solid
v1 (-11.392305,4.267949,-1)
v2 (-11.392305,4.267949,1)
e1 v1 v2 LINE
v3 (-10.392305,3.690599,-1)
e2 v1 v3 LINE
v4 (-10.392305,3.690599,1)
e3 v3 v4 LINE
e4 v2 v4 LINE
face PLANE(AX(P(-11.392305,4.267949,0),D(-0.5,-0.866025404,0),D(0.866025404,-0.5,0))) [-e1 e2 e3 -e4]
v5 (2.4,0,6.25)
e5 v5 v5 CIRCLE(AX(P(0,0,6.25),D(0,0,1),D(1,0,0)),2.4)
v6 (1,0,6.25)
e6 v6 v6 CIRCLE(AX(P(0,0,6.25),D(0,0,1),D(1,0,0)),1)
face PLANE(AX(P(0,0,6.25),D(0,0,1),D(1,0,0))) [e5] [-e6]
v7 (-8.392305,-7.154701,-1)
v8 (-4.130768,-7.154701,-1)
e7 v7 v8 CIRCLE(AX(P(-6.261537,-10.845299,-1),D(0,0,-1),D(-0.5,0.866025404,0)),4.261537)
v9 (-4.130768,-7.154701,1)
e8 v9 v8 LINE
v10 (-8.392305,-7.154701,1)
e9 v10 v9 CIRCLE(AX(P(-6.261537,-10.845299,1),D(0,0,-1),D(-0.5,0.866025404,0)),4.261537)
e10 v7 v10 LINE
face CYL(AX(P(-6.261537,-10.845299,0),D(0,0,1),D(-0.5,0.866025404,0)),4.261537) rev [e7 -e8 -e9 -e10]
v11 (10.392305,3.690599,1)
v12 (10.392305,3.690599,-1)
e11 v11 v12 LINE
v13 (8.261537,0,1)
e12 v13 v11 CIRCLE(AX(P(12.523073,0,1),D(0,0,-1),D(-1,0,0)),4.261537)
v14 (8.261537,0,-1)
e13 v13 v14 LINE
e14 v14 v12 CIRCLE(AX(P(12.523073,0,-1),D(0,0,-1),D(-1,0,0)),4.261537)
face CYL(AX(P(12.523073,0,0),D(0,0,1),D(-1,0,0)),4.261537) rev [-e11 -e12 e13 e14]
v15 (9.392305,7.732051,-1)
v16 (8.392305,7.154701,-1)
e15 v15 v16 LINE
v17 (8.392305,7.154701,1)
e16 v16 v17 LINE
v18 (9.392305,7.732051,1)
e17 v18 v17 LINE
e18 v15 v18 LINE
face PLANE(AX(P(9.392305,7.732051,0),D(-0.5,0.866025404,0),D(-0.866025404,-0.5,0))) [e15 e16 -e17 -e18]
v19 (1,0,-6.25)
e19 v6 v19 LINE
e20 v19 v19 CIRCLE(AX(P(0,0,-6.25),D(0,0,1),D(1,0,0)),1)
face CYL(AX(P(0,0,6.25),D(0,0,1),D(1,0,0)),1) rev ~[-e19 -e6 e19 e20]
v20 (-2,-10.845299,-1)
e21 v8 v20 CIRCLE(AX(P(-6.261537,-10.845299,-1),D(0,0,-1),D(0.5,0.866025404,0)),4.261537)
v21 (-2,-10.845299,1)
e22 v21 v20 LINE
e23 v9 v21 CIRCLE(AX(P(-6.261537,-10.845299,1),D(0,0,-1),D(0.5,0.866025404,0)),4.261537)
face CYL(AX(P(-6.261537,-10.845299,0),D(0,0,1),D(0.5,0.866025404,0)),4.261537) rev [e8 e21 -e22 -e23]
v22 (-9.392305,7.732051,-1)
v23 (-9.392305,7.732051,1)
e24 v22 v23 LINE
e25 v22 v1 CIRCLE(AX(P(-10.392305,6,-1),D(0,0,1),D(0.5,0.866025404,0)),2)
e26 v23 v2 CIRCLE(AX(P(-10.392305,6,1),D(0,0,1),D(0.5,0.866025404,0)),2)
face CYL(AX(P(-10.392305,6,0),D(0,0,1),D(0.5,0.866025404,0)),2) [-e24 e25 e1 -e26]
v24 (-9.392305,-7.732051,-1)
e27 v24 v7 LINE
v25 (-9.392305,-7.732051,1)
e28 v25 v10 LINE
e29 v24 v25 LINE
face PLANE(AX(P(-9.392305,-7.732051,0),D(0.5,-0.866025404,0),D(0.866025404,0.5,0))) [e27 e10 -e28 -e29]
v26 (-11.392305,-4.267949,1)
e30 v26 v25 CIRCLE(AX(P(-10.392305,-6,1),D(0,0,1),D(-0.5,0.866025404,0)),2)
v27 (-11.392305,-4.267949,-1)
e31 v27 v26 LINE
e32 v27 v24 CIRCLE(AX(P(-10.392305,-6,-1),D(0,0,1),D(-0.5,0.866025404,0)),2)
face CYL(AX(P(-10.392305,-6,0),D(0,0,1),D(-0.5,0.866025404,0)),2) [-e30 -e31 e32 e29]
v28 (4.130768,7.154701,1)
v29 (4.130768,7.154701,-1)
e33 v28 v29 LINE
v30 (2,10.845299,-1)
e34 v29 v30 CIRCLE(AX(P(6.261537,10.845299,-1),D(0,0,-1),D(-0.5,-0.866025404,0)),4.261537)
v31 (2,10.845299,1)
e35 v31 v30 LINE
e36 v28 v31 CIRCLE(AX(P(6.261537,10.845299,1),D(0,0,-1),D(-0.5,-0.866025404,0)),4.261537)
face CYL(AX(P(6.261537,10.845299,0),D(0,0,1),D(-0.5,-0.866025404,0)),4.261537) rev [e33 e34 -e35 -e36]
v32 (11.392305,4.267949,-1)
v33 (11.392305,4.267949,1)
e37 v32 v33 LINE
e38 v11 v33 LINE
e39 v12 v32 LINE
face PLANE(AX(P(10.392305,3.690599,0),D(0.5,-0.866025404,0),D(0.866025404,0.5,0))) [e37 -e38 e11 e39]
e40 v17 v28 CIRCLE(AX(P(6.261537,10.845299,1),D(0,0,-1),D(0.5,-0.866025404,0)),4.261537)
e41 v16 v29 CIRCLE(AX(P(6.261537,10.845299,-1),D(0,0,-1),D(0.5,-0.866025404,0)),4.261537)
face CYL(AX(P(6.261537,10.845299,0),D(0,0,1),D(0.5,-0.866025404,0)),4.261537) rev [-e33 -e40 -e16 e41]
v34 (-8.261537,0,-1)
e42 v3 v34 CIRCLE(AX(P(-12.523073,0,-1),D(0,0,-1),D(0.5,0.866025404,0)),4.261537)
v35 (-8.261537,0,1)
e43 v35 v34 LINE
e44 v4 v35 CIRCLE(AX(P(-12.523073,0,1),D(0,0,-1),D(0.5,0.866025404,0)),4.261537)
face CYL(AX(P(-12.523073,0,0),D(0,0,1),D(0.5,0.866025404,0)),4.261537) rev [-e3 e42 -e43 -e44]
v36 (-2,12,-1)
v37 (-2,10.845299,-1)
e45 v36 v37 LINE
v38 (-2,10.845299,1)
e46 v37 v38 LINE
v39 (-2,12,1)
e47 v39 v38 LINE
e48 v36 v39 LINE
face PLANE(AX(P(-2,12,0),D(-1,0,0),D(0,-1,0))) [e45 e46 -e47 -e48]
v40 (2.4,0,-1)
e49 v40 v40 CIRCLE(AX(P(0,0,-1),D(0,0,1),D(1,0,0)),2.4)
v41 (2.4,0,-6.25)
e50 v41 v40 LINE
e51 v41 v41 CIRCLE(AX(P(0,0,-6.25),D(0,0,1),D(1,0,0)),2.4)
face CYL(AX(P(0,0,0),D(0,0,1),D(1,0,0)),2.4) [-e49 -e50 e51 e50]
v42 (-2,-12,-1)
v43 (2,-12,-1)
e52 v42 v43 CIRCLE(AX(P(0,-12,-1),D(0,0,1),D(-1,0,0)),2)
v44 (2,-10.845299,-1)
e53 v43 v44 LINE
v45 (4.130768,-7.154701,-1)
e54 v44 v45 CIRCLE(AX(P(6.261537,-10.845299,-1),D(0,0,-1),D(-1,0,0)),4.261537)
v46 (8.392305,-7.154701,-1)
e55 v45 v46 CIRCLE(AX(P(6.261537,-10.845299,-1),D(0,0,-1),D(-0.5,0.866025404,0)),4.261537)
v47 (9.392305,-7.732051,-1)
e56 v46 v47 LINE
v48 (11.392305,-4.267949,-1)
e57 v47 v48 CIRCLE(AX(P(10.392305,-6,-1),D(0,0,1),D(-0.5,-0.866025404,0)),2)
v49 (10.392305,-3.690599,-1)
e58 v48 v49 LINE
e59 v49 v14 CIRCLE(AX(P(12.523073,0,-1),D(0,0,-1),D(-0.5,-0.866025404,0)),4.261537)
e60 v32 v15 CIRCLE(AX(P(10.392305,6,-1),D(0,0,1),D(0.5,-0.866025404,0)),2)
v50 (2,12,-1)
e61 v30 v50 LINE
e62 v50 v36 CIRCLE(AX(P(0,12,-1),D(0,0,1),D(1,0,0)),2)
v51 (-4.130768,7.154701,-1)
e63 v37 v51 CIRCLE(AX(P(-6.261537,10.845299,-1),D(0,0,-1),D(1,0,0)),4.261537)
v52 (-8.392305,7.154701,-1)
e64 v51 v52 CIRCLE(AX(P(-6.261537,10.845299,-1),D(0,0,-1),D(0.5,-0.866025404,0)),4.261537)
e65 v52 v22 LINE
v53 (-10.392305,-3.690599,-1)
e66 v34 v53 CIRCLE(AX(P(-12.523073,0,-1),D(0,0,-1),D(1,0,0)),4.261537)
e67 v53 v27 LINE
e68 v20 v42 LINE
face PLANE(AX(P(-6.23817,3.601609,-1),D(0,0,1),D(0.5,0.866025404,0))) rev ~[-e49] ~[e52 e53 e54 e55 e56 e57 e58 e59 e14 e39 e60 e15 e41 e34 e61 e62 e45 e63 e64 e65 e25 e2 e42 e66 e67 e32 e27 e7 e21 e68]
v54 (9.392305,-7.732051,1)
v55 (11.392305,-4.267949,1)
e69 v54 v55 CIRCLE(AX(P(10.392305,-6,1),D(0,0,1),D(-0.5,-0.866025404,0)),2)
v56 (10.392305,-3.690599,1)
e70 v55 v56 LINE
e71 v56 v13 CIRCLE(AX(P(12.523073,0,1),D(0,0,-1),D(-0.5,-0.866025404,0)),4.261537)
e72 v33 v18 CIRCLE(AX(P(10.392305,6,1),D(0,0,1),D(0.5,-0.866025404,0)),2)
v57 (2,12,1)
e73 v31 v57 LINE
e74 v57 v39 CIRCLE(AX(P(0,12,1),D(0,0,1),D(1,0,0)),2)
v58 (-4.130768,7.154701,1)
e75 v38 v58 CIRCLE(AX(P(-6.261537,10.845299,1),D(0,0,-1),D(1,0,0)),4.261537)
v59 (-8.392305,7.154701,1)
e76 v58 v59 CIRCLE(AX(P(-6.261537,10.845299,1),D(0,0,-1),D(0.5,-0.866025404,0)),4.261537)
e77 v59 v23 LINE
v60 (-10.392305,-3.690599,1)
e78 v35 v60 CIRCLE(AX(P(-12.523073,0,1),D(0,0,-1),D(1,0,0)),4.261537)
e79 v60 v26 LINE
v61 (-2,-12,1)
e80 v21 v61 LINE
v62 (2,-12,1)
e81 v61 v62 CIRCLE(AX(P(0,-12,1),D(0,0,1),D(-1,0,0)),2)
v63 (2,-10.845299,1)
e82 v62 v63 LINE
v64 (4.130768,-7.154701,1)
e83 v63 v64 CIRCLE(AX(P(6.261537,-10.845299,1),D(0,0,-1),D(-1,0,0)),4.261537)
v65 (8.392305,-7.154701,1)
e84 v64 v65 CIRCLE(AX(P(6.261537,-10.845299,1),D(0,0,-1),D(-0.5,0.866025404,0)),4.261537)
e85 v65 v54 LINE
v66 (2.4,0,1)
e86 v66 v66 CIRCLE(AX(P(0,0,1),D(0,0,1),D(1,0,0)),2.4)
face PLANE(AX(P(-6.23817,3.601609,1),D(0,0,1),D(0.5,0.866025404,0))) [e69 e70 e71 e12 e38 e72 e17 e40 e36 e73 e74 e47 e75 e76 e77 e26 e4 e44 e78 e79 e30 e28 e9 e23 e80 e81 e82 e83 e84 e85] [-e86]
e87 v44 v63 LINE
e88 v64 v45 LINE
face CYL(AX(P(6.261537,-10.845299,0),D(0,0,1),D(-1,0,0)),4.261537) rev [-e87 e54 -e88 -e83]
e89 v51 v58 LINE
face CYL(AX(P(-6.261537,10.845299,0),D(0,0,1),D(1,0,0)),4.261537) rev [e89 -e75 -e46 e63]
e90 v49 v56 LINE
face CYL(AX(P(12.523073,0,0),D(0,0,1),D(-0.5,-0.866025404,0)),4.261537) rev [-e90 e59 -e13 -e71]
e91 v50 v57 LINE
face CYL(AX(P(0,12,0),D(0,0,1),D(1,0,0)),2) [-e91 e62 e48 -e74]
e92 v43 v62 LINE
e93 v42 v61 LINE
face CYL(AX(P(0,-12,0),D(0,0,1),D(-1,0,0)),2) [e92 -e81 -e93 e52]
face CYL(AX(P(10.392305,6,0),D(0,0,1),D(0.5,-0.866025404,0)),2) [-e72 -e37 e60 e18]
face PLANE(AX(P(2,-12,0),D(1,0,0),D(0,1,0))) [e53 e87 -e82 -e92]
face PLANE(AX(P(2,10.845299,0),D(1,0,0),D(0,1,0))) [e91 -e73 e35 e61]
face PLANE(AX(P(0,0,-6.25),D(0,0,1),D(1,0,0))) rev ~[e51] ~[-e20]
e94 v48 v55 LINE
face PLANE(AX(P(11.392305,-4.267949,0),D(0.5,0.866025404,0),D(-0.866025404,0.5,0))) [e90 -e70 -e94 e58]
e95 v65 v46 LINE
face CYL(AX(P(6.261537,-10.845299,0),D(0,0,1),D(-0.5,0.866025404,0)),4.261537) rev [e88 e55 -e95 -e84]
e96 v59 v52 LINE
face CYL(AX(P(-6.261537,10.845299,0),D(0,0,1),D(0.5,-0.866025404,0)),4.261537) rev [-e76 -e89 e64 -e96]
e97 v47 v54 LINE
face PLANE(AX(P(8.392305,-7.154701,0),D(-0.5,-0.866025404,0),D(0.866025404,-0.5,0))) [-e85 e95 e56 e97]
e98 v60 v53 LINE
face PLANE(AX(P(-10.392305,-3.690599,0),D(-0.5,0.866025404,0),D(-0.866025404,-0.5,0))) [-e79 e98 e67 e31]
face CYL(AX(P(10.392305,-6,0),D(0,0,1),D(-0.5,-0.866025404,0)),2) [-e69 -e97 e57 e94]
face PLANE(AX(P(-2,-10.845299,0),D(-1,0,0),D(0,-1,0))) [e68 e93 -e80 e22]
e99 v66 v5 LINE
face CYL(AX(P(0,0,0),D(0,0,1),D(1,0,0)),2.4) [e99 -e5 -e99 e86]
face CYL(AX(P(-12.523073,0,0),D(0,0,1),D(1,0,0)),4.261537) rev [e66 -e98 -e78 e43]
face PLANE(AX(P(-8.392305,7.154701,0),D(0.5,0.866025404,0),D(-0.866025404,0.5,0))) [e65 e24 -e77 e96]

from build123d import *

# Parameters (mm, degrees)
F1_DEPTH = 1
F2_COUNT = 6
F3_R     = 2.4
F4_DEPTH = 6.25
F5_R     = 1
F6_DEPTH = 12.501


with BuildPart() as f1:
    # F0 (on Top) → F1 (new body, symmetric)
    with BuildSketch(Plane.XY):
        with BuildLine():
            Line((2, 10.8452994616), (2, 12))
            ThreePointArc((2, 12), (0, 14), (-2, 12))
            Line((-2, 12), (-2, 10.8452994616))
            ThreePointArc((-2, 10.8452994616), (-2.5709376404, 8.7145311798), (-4.1307682818, 7.1547005384))
            Line((-4.1307682818, 7.1547005384), (0, 0))
            Line((0, 0), (4.1307682818, 7.1547005384))
            ThreePointArc((4.1307682818, 7.1547005384), (2.5709376404, 8.7145311798), (2, 10.8452994616))
        make_face()
    extrude(amount=F1_DEPTH, both=True)

    # F2: F1 ×6 about axis
    f2_axis = Axis((0, 0, 0), (0, 0, -1))


with BuildPart() as f1_1:
    add(f1.part)
    for i in range(1, F2_COUNT):
        add(f1.part.rotate(f2_axis, i * 360 / F2_COUNT))

    # F3 (on Top) → F4 (join, symmetric)
    with BuildSketch(Plane.XY):
        Circle(F3_R)
    extrude(amount=F4_DEPTH, both=True)

    # F5 (on face) → F6 (cut, through all)
    with BuildSketch(Plane.XY.offset(6.25)):
        Circle(F5_R)
    extrude(amount=-F6_DEPTH, mode=Mode.SUBTRACT)


solid = f1_1.part
